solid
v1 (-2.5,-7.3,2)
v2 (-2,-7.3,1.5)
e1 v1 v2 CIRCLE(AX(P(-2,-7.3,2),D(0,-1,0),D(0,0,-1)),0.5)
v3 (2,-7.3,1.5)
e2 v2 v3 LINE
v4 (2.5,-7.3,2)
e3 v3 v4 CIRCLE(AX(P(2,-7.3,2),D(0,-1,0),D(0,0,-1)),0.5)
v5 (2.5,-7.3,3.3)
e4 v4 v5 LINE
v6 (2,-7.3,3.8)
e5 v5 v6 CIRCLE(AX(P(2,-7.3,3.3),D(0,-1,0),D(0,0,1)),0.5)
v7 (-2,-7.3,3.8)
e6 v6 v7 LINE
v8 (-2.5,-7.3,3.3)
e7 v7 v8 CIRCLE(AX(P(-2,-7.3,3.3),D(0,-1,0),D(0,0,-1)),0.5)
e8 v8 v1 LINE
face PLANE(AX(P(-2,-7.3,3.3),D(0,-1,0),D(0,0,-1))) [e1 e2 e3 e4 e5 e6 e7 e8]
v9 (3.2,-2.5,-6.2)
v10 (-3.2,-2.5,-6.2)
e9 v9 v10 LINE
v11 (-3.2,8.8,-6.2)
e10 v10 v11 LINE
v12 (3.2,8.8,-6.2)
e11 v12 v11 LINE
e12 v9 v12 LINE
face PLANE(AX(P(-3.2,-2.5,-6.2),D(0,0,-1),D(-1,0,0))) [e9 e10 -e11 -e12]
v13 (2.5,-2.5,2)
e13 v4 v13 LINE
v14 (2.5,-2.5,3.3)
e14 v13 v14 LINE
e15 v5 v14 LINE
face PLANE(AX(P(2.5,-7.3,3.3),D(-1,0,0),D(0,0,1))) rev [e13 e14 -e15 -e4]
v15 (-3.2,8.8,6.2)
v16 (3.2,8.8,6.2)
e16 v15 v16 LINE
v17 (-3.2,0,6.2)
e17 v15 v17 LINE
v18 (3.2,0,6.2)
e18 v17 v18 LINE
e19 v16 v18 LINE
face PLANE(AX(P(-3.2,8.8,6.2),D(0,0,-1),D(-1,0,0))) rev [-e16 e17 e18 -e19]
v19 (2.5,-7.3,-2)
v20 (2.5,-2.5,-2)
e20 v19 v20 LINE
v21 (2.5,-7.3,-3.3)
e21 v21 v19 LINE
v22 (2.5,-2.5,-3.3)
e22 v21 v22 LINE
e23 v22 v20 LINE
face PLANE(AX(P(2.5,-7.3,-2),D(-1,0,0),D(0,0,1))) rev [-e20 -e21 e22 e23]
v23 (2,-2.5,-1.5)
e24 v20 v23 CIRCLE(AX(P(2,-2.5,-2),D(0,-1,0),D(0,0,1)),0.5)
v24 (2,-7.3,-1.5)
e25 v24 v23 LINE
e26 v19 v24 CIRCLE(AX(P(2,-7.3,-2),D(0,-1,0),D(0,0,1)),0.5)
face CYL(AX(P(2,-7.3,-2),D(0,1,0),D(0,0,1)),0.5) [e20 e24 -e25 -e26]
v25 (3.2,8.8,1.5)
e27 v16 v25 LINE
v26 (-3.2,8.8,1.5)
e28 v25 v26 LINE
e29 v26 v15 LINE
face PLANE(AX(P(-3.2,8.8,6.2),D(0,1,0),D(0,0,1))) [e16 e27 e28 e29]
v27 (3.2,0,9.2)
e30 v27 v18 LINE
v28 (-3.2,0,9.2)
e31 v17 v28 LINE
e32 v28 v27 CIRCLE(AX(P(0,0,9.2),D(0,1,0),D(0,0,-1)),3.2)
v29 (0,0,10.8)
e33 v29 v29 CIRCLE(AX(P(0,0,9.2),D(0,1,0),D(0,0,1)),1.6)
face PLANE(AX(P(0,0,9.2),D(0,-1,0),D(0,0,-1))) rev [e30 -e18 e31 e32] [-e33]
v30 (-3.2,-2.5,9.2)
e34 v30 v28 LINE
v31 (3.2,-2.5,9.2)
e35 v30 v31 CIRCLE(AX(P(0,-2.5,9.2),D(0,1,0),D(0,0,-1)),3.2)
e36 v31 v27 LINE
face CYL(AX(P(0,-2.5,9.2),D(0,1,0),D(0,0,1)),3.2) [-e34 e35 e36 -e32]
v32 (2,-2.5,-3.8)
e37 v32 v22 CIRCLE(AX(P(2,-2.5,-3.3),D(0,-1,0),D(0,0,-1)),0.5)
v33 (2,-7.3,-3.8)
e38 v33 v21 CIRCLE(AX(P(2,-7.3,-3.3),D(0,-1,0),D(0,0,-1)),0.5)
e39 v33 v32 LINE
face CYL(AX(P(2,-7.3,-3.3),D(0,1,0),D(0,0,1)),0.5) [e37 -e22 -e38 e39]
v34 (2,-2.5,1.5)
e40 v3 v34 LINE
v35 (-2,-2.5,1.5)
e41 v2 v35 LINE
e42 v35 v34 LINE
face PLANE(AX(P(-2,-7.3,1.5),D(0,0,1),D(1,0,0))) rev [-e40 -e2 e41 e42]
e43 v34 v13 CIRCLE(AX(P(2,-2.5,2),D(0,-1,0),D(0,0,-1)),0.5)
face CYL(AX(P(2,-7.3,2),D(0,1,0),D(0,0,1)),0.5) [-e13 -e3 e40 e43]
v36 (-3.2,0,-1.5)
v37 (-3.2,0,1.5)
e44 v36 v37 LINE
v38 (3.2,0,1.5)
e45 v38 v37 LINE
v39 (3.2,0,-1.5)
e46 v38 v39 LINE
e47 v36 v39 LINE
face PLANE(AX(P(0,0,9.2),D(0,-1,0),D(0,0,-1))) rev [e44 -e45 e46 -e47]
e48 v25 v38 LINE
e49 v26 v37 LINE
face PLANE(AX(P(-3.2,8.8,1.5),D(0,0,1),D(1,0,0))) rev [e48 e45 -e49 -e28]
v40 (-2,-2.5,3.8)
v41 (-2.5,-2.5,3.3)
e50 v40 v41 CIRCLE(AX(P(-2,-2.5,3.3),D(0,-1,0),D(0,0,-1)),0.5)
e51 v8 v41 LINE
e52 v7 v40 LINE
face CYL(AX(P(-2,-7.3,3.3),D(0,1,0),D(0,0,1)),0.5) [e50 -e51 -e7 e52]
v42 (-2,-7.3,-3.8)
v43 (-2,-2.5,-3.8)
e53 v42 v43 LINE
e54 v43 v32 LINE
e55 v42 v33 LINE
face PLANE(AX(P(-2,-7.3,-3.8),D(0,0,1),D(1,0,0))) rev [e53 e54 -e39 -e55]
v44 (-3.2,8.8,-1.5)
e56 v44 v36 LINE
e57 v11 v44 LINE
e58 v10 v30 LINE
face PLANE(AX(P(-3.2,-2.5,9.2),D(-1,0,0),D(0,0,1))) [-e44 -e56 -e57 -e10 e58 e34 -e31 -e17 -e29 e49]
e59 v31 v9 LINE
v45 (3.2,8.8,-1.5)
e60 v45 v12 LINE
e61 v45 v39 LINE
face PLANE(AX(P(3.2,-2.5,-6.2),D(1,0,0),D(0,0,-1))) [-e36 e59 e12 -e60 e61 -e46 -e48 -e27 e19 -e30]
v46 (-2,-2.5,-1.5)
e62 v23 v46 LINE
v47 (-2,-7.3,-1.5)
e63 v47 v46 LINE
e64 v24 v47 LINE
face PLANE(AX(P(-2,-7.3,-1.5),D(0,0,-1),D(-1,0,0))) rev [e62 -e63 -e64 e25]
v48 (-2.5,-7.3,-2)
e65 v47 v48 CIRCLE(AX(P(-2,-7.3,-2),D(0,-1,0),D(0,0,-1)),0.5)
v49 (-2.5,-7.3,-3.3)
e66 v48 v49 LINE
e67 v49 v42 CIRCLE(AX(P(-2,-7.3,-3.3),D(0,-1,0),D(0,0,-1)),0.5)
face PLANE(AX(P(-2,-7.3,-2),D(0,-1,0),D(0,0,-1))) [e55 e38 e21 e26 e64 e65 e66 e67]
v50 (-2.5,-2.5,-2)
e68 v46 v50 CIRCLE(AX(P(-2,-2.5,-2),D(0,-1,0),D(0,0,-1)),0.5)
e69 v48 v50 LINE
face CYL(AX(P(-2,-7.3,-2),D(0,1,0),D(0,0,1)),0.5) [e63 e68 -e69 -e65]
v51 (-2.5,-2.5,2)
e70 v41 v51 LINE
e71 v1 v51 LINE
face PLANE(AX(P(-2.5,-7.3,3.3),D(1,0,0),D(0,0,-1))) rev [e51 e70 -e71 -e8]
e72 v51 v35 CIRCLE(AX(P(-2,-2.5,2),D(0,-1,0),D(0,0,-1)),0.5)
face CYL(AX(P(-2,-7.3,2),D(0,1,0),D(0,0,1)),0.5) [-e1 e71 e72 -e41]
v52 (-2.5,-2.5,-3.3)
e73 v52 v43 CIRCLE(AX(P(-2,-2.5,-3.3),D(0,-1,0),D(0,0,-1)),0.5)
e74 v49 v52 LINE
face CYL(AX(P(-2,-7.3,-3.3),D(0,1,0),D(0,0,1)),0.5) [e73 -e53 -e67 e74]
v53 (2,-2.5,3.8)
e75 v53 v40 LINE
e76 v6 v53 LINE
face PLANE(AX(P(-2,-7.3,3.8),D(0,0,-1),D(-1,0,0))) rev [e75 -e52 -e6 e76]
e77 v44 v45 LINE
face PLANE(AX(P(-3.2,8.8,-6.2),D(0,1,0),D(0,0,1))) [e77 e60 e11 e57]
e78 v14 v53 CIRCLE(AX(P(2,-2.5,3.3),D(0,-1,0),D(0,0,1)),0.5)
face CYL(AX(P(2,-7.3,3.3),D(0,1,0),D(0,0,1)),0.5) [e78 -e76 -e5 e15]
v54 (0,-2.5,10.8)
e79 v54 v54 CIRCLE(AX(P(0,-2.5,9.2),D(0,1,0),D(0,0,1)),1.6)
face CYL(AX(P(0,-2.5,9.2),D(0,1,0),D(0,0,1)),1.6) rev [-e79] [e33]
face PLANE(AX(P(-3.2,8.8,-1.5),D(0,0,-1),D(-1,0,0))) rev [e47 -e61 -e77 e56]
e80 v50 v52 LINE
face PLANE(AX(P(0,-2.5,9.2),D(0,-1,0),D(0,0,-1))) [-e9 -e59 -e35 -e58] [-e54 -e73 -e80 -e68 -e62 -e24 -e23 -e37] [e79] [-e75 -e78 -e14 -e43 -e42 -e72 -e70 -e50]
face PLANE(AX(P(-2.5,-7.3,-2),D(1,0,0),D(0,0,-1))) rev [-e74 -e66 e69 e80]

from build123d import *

# Parameters (mm, degrees)
ESQUISSE1_R      = 1.6
EXTRUSION1_DEPTH = 2.5
ESQUISSE2_W      = 6.4
ESQUISSE2_H      = 4.7
EXTRUSION2_DEPTH = 8.8
EXTRUSION3_DEPTH = 4.8


with BuildPart() as part:
    # Esquisse1 → Extrusion1 (new body)
    with BuildSketch(Plane(origin=(0, 0, 0), x_dir=(1, 0, 0), z_dir=(0, 1, 0))):
        with BuildLine():
            Line((-3.2, 6.2), (3.2, 6.2))
            Line((3.2, 6.2), (3.2, -9.2))
            ThreePointArc((3.2, -9.2), (0, -12.4), (-3.2, -9.2))
            Line((-3.2, -9.2), (-3.2, 6.2))
        make_face()
        with Locations((0, -9.2)):
            Circle(ESQUISSE1_R, mode=Mode.SUBTRACT)
    extrude(amount=-EXTRUSION1_DEPTH)

    # Esquisse2 → Extrusion2 (add)
    with BuildSketch(Plane(origin=(0, 0, 0), x_dir=(-1, 0, 0), z_dir=(0, 1, 0))):
        with Locations((0, -3.85)):
            Rectangle(ESQUISSE2_W, ESQUISSE2_H)
        with Locations((0, 3.85)):
            Rectangle(ESQUISSE2_W, ESQUISSE2_H)
    extrude(amount=EXTRUSION2_DEPTH)

    # Esquisse3 → Extrusion3 (add)
    with BuildSketch(Plane.XZ.offset(2.5)):
        with BuildLine():
            Line((-2, 3.8), (2, 3.8))
            ThreePointArc((2, 3.8), (2.353553391, 3.653553391), (2.5, 3.3))
            Line((2.5, 3.3), (2.5, 2))
            ThreePointArc((2.5, 2), (2.353553391, 1.646446609), (2, 1.5))
            Line((2, 1.5), (-2, 1.5))
            ThreePointArc((-2, 1.5), (-2.353553391, 1.646446609), (-2.5, 2))
            Line((-2.5, 2), (-2.5, 3.3))
            ThreePointArc((-2.5, 3.3), (-2.353553391, 3.653553391), (-2, 3.8))
        make_face()
        with BuildLine():
            Line((-2, -1.5), (2, -1.5))
            ThreePointArc((2, -1.5), (2.353553391, -1.646446609), (2.5, -2))
            Line((2.5, -2), (2.5, -3.3))
            ThreePointArc((2.5, -3.3), (2.353553391, -3.653553391), (2, -3.8))
            Line((2, -3.8), (-2, -3.8))
            ThreePointArc((-2, -3.8), (-2.353553391, -3.653553391), (-2.5, -3.3))
            Line((-2.5, -3.3), (-2.5, -2))
            ThreePointArc((-2.5, -2), (-2.353553391, -1.646446609), (-2, -1.5))
        make_face()
    extrude(amount=EXTRUSION3_DEPTH)


solid = part.part
